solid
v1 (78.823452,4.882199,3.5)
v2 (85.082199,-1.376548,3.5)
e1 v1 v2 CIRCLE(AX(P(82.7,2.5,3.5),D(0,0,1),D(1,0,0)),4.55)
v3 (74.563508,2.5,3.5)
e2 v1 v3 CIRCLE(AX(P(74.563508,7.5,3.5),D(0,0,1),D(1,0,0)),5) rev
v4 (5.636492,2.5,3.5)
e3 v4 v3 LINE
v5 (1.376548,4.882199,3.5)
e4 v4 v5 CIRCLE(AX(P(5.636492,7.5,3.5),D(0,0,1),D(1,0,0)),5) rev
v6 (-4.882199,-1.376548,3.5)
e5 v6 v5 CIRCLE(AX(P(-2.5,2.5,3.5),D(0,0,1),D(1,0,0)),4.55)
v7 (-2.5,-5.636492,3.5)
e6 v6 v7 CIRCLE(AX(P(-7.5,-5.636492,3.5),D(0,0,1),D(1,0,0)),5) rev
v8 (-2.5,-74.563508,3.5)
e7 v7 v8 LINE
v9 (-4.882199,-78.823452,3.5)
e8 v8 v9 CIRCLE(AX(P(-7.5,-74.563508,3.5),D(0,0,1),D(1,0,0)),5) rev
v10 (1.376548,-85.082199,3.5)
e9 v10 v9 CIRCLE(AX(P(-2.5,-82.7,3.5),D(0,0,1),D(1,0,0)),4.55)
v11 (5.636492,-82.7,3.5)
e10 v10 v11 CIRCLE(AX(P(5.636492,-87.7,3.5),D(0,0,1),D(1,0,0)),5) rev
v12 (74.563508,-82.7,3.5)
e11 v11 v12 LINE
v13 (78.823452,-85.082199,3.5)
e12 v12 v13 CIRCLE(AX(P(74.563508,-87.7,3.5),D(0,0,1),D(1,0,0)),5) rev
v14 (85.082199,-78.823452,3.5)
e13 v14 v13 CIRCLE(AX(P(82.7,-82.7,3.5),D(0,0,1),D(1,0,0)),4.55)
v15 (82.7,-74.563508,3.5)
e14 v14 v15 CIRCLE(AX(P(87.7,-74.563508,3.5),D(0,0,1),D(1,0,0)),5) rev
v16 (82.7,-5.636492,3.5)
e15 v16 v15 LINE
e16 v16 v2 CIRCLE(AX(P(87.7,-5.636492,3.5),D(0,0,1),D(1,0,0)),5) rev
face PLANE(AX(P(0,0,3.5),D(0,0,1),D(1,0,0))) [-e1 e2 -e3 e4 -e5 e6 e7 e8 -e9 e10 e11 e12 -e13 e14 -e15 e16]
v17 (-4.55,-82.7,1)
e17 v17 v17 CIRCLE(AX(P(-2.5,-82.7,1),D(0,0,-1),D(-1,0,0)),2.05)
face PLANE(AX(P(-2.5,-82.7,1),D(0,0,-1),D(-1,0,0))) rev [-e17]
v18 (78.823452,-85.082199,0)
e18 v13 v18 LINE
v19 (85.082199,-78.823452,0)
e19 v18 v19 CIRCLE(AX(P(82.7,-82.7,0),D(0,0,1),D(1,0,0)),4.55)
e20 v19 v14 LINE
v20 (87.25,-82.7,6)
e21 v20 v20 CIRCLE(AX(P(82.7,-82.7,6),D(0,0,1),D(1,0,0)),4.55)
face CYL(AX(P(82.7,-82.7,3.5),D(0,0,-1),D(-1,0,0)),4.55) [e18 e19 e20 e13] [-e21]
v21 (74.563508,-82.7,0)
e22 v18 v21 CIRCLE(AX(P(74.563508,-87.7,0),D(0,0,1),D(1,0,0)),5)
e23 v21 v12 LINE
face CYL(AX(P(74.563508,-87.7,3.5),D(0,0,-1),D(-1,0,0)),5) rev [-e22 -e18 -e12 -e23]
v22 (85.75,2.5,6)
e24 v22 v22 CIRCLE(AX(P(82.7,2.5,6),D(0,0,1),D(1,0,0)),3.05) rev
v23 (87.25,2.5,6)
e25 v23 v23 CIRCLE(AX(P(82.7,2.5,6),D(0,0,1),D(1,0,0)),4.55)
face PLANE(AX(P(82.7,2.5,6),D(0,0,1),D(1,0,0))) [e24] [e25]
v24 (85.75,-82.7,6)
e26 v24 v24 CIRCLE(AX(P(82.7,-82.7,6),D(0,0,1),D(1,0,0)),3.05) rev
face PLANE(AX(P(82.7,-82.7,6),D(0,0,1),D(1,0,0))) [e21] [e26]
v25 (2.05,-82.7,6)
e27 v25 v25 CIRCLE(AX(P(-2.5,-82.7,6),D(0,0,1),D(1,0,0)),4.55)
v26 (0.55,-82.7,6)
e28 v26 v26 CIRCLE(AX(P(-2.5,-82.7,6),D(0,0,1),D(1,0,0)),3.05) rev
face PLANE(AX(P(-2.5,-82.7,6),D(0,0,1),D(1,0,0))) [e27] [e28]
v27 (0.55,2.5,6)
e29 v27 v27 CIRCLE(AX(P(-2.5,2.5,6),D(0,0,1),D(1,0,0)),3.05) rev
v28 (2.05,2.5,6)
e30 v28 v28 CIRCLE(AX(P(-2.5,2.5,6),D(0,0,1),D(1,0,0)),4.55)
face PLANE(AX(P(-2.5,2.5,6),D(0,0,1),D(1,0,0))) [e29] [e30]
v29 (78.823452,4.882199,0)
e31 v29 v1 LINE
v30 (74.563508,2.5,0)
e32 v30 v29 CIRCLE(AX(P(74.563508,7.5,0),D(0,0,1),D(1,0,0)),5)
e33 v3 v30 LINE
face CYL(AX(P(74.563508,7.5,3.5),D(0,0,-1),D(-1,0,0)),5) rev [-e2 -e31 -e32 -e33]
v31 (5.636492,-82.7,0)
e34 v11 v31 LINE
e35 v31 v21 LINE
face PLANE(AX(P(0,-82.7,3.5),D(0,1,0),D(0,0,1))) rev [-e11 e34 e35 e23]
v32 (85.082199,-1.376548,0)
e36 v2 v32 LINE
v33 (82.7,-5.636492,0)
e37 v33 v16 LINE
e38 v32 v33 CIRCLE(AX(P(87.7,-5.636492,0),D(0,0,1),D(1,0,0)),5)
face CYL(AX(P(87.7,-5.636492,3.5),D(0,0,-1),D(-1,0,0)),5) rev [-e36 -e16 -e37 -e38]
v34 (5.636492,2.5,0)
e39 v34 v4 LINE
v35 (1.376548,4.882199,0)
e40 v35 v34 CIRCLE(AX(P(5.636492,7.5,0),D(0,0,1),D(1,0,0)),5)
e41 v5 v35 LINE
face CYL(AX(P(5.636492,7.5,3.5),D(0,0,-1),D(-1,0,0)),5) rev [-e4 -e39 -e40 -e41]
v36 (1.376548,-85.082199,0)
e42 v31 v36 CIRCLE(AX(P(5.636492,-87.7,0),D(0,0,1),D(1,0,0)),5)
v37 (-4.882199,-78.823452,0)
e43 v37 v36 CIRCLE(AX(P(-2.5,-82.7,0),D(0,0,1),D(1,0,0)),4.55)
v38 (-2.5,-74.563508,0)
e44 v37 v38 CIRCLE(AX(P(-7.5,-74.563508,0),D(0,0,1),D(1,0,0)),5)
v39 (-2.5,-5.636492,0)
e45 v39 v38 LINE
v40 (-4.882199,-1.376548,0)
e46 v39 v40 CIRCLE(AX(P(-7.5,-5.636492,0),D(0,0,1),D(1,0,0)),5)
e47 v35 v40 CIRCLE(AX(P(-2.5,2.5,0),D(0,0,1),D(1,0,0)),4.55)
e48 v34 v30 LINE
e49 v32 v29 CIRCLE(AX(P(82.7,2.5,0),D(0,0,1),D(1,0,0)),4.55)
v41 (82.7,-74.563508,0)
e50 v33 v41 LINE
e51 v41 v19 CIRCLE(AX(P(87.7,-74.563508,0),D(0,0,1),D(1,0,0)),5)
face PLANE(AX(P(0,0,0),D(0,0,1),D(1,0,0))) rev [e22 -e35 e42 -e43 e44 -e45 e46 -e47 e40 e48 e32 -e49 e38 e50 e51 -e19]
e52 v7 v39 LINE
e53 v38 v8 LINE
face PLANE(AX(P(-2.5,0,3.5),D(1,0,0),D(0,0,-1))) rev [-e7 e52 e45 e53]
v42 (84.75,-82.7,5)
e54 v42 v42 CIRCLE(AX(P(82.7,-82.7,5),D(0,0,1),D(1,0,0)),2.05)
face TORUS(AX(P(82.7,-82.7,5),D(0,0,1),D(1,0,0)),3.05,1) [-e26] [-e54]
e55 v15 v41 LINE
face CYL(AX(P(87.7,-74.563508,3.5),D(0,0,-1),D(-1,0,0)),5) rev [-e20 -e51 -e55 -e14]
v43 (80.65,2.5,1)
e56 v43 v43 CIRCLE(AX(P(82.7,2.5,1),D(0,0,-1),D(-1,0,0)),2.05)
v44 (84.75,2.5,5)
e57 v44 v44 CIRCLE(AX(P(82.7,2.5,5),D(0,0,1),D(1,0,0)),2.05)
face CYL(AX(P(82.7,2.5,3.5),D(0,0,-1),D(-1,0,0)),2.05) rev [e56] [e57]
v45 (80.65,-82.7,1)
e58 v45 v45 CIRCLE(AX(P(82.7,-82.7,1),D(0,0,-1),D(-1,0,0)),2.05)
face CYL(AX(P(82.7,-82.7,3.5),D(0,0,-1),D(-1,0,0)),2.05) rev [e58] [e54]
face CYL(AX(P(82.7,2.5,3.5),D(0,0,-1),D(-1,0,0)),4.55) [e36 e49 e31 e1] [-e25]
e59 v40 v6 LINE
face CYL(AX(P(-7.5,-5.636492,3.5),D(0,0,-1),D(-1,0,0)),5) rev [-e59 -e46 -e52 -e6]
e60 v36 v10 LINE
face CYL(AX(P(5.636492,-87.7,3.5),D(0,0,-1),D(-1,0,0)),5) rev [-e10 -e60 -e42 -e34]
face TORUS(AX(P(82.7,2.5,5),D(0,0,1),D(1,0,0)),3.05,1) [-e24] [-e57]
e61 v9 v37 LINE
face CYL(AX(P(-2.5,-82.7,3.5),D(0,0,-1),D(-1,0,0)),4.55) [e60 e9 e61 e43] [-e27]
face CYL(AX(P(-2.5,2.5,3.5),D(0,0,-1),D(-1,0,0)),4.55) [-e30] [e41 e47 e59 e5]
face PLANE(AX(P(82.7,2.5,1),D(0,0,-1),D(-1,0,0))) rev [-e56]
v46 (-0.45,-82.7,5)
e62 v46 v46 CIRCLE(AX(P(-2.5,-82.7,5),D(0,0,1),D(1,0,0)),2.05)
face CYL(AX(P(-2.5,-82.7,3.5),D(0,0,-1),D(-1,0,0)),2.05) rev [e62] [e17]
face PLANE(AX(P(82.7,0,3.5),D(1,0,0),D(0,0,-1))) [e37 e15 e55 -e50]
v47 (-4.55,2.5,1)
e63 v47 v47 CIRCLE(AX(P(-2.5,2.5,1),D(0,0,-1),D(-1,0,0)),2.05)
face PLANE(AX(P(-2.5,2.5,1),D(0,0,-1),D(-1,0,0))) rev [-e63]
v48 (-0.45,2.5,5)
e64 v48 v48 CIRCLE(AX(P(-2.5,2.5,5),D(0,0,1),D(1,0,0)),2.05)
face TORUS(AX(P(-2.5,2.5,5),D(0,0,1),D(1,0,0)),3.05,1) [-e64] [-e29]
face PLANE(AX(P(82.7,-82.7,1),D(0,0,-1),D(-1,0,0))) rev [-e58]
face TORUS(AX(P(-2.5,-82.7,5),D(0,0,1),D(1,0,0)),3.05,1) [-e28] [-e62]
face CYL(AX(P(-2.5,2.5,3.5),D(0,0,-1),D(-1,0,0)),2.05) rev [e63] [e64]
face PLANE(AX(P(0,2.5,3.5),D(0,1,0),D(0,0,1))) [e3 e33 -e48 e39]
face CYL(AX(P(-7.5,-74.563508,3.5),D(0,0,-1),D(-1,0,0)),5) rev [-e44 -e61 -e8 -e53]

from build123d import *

# Parameters (mm, degrees)
SKETCH1_R           = 2.05
BOSS_EXTRUDE1_DEPTH = 3.5
FILLET1_R           = 5
SKETCH2_R           = 4.55
BOSS_EXTRUDE2_DEPTH = 1
SKETCH3_R           = 4.55
SKETCH3_R_2         = 2.05
BOSS_EXTRUDE3_DEPTH = 2.5
FILLET2_R           = 1


with BuildPart() as part:
    # Sketch1 → Boss-Extrude1 (new body)
    with BuildSketch(Plane.XY):
        with BuildLine():
            ThreePointArc((82.7, -2.05), (85.917335854, 5.717335854), (78.15, 2.5))
            Line((78.15, 2.5), (2.05, 2.5))
            ThreePointArc((2.05, 2.5), (-5.717335854, 5.717335854), (-2.5, -2.05))
            Line((-2.5, -2.05), (-2.5, -78.15))
            ThreePointArc((-2.5, -78.15), (-5.717335854, -85.917335854), (2.05, -82.7))
            Line((2.05, -82.7), (78.15, -82.7))
            ThreePointArc((78.15, -82.7), (85.917335854, -85.917335854), (82.7, -78.15))
            Line((82.7, -78.15), (82.7, -2.05))
        make_face()
        with Locations((82.7, -82.7)):
            Circle(SKETCH1_R, mode=Mode.SUBTRACT)
        with Locations((-2.5, -82.7)):
            Circle(SKETCH1_R, mode=Mode.SUBTRACT)
        with Locations((82.7, 2.5)):
            Circle(SKETCH1_R, mode=Mode.SUBTRACT)
        with Locations((-2.5, 2.5)):
            Circle(SKETCH1_R, mode=Mode.SUBTRACT)
    extrude(amount=BOSS_EXTRUDE1_DEPTH)

    # Fillet1
    fillet1_edges = [part.edges().sort_by_distance(p)[0] for p in [
        (2.05, 2.5, 1.75),
        (78.15, 2.5, 1.75),
        (82.7, -2.05, 1.75),
        (82.7, -78.15, 1.75),
        (78.15, -82.7, 1.75),
        (2.05, -82.7, 1.75),
        (-2.5, -78.15, 1.75),
        (-2.5, -2.05, 1.75),
    ]]
    fillet(fillet1_edges, radius=FILLET1_R)

    # Sketch2 → Boss-Extrude2 (add)
    with BuildSketch(Plane(origin=(0, 0, 0), x_dir=(-1, 0, 0), z_dir=(0, 0, -1))):
        with Locations((-82.7, 2.5)):
            Circle(SKETCH2_R)
        with Locations((2.5, 2.5)):
            Circle(SKETCH2_R)
        with Locations((2.5, -82.7)):
            Circle(SKETCH2_R)
        with Locations((-82.7, -82.7)):
            Circle(SKETCH2_R)
    extrude(amount=-BOSS_EXTRUDE2_DEPTH)

    # Sketch3 → Boss-Extrude3 (add)
    with BuildSketch(Plane.XY.offset(3.5)):
        with Locations((-2.5, 2.5)):
            Circle(SKETCH3_R)
        with Locations((-2.5, 2.5)):
            Circle(SKETCH3_R_2, mode=Mode.SUBTRACT)
        with Locations((82.7, 2.5)):
            Circle(SKETCH3_R)
        with Locations((82.7, 2.5)):
            Circle(SKETCH3_R_2, mode=Mode.SUBTRACT)
        with Locations((82.7, -82.7)):
            Circle(SKETCH3_R)
        with Locations((82.7, -82.7)):
            Circle(SKETCH3_R_2, mode=Mode.SUBTRACT)
        with Locations((-2.5, -82.7)):
            Circle(SKETCH3_R)
        with Locations((-2.5, -82.7)):
            Circle(SKETCH3_R_2, mode=Mode.SUBTRACT)
    extrude(amount=BOSS_EXTRUDE3_DEPTH)

    # Fillet2
    fillet2_edges = [part.edges().sort_by_distance(p)[0] for p in [
        (-4.55, 2.5, 6),
        (80.65, 2.5, 6),
        (80.65, -82.7, 6),
        (-4.55, -82.7, 6),
    ]]
    fillet(fillet2_edges, radius=FILLET2_R)


solid = part.part
